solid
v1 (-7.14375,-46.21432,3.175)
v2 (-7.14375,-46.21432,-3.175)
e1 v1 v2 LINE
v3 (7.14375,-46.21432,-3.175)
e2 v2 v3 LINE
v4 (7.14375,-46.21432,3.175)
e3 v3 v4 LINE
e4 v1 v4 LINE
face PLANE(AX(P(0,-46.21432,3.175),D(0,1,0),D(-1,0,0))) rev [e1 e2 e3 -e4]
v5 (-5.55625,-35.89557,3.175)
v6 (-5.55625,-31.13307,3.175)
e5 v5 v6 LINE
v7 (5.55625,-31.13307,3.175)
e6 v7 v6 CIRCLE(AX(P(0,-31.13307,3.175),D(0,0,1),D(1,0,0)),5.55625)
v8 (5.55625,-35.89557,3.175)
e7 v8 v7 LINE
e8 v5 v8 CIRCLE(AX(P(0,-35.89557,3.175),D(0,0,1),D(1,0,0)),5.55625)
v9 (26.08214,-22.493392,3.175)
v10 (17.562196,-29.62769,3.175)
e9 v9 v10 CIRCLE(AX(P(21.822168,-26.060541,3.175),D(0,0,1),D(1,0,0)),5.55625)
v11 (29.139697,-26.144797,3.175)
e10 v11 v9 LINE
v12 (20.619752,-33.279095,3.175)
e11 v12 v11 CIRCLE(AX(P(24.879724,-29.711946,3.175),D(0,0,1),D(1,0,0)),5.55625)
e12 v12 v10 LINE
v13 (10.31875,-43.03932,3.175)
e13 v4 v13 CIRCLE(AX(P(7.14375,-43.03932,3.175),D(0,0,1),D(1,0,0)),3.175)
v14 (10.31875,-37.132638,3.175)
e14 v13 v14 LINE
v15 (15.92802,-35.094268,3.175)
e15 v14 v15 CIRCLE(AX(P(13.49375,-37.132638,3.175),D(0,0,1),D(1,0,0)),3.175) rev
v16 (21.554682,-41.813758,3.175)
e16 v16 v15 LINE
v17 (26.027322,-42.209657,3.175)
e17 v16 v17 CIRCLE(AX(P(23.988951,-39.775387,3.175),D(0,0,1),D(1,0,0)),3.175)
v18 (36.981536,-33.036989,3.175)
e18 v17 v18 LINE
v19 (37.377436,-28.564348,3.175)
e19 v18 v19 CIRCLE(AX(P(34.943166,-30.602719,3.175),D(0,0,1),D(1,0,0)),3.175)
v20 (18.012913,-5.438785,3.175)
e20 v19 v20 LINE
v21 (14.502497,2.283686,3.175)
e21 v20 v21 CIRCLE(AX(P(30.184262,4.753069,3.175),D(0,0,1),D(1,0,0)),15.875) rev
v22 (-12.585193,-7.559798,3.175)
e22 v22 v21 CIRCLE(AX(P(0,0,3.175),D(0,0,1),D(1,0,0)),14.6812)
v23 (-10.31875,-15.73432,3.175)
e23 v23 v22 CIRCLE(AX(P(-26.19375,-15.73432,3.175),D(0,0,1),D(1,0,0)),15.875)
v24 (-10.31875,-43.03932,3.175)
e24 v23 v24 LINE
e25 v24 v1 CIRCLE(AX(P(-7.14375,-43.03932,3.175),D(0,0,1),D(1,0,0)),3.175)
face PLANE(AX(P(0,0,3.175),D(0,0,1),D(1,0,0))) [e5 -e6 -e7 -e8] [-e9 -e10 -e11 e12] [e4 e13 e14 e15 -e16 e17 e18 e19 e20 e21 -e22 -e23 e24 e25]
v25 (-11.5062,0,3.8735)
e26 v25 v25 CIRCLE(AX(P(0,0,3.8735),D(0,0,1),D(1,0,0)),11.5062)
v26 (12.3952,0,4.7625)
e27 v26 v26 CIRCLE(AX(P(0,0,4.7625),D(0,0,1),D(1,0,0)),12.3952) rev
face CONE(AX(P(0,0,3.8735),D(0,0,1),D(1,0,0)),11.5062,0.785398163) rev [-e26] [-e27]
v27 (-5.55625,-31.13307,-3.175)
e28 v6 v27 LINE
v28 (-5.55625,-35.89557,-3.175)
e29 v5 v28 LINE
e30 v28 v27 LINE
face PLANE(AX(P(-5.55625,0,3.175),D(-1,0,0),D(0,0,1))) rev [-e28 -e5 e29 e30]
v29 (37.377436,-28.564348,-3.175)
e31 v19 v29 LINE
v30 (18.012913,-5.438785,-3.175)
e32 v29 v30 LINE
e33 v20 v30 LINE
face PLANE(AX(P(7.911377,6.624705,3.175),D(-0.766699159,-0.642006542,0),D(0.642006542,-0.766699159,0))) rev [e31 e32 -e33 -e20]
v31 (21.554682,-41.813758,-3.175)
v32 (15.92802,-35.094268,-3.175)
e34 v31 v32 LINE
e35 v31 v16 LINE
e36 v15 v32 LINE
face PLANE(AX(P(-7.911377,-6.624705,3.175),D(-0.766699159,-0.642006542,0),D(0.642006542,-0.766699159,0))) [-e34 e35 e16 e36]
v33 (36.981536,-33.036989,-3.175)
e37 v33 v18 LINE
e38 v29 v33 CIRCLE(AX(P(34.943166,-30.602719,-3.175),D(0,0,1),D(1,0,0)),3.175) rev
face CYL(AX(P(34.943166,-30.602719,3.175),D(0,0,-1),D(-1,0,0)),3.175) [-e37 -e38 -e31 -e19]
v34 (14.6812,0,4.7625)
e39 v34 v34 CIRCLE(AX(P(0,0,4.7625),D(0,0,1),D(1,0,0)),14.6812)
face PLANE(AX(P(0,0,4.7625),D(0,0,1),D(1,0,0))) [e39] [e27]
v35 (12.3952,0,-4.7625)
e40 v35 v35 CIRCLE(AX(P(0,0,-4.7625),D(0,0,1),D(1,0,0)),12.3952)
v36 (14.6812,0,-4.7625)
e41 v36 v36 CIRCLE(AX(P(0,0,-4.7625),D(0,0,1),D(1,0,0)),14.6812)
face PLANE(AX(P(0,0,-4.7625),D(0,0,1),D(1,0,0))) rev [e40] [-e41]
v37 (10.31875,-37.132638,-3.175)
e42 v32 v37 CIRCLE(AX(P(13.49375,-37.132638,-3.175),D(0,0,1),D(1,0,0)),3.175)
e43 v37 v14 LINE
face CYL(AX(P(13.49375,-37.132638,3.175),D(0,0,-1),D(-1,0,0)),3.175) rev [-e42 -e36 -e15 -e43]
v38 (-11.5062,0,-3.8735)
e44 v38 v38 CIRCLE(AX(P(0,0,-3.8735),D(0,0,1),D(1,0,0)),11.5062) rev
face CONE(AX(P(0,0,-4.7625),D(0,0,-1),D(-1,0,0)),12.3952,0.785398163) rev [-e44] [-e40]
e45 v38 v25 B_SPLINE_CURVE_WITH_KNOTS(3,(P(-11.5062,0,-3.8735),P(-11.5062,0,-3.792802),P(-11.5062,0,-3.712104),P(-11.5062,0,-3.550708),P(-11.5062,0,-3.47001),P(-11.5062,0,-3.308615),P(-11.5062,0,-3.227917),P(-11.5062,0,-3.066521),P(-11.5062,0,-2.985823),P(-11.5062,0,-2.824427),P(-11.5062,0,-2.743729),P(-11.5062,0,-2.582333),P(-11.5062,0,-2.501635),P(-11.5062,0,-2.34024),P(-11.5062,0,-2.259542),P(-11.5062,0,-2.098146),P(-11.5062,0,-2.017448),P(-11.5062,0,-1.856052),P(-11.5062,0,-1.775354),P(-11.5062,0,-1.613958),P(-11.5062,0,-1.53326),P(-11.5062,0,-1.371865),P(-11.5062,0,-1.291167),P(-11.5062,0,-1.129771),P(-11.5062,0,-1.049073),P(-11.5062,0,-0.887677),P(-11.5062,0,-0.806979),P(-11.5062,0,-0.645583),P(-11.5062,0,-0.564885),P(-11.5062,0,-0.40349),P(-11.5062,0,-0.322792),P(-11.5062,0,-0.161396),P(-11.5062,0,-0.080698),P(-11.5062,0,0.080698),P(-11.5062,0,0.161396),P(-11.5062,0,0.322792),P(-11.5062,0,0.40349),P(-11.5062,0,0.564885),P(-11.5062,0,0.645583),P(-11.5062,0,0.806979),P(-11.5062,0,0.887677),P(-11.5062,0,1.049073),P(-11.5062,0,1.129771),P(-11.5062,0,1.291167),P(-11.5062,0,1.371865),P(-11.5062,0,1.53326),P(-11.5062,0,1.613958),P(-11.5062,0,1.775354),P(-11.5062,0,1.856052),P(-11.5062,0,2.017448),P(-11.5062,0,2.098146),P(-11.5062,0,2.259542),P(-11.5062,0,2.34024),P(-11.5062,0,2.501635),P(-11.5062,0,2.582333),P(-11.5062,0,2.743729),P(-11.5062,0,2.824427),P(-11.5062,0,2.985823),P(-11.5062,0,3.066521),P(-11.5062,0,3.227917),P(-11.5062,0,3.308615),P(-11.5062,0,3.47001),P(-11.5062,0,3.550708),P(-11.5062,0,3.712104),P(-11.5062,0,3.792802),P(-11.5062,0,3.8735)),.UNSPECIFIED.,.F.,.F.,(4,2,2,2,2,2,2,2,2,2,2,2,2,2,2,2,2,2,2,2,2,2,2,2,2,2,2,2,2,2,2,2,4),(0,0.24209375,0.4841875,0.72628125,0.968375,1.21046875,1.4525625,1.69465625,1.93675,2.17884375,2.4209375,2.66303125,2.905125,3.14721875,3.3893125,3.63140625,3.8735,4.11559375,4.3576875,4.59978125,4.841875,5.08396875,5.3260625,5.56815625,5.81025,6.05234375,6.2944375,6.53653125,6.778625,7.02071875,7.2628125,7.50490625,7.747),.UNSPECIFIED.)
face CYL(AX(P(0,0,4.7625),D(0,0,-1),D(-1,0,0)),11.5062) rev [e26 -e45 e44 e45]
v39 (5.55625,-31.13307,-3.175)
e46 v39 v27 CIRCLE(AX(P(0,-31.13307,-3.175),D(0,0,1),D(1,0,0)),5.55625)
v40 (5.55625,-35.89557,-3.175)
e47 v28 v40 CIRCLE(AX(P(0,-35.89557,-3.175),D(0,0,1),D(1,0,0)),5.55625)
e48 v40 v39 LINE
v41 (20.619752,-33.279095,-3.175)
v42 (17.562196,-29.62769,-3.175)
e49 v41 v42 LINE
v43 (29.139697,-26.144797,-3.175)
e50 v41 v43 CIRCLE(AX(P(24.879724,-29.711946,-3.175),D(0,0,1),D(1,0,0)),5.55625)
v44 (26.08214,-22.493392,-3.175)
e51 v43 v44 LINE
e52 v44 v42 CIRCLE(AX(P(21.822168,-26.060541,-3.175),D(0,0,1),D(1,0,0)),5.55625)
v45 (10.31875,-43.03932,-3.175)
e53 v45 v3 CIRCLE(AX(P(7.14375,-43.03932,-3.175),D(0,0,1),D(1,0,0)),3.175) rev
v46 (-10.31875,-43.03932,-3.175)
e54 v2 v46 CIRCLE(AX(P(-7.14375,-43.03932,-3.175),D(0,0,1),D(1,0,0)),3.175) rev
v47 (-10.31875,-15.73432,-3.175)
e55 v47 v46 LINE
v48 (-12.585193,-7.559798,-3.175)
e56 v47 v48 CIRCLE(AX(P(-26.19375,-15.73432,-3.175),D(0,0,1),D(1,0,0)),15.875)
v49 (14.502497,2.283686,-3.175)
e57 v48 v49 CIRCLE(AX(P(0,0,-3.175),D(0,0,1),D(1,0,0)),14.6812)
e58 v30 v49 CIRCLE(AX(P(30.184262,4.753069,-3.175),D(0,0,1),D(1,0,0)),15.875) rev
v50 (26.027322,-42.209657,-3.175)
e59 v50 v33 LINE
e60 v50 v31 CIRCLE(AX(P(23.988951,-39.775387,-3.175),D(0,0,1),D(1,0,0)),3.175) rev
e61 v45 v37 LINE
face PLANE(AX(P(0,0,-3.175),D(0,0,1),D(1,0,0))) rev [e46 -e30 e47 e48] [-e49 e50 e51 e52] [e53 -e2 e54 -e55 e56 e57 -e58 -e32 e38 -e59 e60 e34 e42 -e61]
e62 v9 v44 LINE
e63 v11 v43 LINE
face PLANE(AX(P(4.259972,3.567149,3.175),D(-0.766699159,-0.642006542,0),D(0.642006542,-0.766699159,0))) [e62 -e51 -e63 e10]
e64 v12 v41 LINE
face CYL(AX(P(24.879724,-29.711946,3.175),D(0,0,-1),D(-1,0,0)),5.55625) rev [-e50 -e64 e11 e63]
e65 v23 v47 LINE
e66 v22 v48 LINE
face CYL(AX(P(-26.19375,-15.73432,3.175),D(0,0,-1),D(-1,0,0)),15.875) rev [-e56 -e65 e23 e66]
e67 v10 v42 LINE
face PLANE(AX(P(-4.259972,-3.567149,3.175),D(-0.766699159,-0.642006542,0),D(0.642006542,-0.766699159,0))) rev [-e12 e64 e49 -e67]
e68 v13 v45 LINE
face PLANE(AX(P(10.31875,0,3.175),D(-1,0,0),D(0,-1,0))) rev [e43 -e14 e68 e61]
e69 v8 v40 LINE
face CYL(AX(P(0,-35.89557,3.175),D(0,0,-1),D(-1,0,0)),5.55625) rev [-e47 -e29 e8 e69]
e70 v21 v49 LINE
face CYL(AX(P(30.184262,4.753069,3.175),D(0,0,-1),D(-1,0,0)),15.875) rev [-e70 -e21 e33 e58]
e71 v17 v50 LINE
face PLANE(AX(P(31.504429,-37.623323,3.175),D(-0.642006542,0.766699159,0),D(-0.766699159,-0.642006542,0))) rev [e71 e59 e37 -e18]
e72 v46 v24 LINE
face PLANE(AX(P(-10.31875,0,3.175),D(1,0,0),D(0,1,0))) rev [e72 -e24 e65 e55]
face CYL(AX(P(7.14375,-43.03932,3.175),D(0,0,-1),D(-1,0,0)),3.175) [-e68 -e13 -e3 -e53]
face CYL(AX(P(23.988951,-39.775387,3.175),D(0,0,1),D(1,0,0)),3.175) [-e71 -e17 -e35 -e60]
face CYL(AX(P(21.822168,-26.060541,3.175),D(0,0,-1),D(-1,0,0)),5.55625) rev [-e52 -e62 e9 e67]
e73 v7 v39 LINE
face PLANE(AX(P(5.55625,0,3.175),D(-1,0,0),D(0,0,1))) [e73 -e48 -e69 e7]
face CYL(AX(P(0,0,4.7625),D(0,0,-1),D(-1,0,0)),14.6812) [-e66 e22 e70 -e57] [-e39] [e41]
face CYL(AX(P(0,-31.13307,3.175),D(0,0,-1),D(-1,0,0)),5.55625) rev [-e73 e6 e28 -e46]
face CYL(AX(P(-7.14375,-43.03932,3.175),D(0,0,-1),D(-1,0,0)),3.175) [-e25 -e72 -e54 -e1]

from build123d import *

# Parameters (mm, degrees)
SKETCH1_R           = 11.5062
BOSS_EXTRUDE2_DEPTH = 4.7625
BOSS_EXTRUDE3_DEPTH = 3.175
FILLET1_R           = 3.175
CHAMFER1_SIZE       = 0.889


with BuildPart() as part:
    # Sketch1 → Boss-Extrude2 (new, symmetric)
    with BuildSketch(Plane.XY):
        with BuildLine():
            ThreePointArc((14.50249678, 2.283685745), (-5.014235298, 13.798372289), (-12.585193267, -7.559797873))
            ThreePointArc((-12.585193267, -7.559797873), (5.014235298, -13.798372289), (14.50249678, 2.283685745))
        make_face()
        Circle(SKETCH1_R, mode=Mode.SUBTRACT)
    extrude(amount=BOSS_EXTRUDE2_DEPTH, both=True)

    # Sketch1<4> → Boss-Extrude3 (add, symmetric)
    with BuildSketch(Plane.XY):
        with BuildLine():
            ThreePointArc((-12.585193267, -7.559797873), (-10.89585042, -11.492870345), (-10.31875, -15.734319794))
            Line((-10.31875, -15.734319794), (-10.31875, -46.214319794))
            Line((-10.31875, -46.214319794), (10.31875, -46.214319794))
            Line((10.31875, -46.214319794), (10.31875, -28.395546995))
            Line((10.31875, -28.395546995), (23.593052407, -44.248027951))
            Line((23.593052407, -44.248027951), (39.415806291, -30.998617935))
            Line((39.415806291, -30.998617935), (18.012913188, -5.438784738))
            ThreePointArc((18.012913188, -5.438784738), (15.732337299, -1.816366769), (14.50249678, 2.283685745))
            ThreePointArc((14.50249678, 2.283685745), (5.014235298, -13.798372289), (-12.585193267, -7.559797873))
        make_face()
        with BuildLine():
            ThreePointArc((5.55625, -35.895569794), (0, -41.451819794), (-5.55625, -35.895569794))
            Line((-5.55625, -35.895569794), (-5.55625, -31.133069794))
            ThreePointArc((-5.55625, -31.133069794), (0, -25.576819794), (5.55625, -31.133069794))
            Line((5.55625, -31.133069794), (5.55625, -35.895569794))
        make_face(mode=Mode.SUBTRACT)
        with BuildLine():
            ThreePointArc((29.13969654, -26.144797151), (28.446873191, -33.971918201), (20.619752141, -33.279094852))
            Line((20.619752141, -33.279094852), (17.562195984, -29.627690109))
            ThreePointArc((17.562195984, -29.627690109), (18.255019333, -21.800569059), (26.082140383, -22.493392408))
            Line((26.082140383, -22.493392408), (29.13969654, -26.144797151))
        make_face(mode=Mode.SUBTRACT)
    extrude(amount=BOSS_EXTRUDE3_DEPTH, both=True)

    # Fillet1
    fillet1_edges = [part.edges().sort_by_distance(p)[0] for p in [
        (-10.31875, -46.214319794, 0),
        (39.415806291, -30.998617935, 0),
        (10.31875, -28.395546995, 0),
        (23.593052407, -44.248027951, 0),
        (10.31875, -46.214319794, 0),
    ]]
    fillet(fillet1_edges, radius=FILLET1_R)

    # Chamfer1
    chamfer1_edges = [part.edges().sort_by_distance(p)[0] for p in [
        (-11.5062, 0, -4.7625),
        (-11.5062, 0, 4.7625),
    ]]
    chamfer(chamfer1_edges, length=CHAMFER1_SIZE)


solid = part.part
